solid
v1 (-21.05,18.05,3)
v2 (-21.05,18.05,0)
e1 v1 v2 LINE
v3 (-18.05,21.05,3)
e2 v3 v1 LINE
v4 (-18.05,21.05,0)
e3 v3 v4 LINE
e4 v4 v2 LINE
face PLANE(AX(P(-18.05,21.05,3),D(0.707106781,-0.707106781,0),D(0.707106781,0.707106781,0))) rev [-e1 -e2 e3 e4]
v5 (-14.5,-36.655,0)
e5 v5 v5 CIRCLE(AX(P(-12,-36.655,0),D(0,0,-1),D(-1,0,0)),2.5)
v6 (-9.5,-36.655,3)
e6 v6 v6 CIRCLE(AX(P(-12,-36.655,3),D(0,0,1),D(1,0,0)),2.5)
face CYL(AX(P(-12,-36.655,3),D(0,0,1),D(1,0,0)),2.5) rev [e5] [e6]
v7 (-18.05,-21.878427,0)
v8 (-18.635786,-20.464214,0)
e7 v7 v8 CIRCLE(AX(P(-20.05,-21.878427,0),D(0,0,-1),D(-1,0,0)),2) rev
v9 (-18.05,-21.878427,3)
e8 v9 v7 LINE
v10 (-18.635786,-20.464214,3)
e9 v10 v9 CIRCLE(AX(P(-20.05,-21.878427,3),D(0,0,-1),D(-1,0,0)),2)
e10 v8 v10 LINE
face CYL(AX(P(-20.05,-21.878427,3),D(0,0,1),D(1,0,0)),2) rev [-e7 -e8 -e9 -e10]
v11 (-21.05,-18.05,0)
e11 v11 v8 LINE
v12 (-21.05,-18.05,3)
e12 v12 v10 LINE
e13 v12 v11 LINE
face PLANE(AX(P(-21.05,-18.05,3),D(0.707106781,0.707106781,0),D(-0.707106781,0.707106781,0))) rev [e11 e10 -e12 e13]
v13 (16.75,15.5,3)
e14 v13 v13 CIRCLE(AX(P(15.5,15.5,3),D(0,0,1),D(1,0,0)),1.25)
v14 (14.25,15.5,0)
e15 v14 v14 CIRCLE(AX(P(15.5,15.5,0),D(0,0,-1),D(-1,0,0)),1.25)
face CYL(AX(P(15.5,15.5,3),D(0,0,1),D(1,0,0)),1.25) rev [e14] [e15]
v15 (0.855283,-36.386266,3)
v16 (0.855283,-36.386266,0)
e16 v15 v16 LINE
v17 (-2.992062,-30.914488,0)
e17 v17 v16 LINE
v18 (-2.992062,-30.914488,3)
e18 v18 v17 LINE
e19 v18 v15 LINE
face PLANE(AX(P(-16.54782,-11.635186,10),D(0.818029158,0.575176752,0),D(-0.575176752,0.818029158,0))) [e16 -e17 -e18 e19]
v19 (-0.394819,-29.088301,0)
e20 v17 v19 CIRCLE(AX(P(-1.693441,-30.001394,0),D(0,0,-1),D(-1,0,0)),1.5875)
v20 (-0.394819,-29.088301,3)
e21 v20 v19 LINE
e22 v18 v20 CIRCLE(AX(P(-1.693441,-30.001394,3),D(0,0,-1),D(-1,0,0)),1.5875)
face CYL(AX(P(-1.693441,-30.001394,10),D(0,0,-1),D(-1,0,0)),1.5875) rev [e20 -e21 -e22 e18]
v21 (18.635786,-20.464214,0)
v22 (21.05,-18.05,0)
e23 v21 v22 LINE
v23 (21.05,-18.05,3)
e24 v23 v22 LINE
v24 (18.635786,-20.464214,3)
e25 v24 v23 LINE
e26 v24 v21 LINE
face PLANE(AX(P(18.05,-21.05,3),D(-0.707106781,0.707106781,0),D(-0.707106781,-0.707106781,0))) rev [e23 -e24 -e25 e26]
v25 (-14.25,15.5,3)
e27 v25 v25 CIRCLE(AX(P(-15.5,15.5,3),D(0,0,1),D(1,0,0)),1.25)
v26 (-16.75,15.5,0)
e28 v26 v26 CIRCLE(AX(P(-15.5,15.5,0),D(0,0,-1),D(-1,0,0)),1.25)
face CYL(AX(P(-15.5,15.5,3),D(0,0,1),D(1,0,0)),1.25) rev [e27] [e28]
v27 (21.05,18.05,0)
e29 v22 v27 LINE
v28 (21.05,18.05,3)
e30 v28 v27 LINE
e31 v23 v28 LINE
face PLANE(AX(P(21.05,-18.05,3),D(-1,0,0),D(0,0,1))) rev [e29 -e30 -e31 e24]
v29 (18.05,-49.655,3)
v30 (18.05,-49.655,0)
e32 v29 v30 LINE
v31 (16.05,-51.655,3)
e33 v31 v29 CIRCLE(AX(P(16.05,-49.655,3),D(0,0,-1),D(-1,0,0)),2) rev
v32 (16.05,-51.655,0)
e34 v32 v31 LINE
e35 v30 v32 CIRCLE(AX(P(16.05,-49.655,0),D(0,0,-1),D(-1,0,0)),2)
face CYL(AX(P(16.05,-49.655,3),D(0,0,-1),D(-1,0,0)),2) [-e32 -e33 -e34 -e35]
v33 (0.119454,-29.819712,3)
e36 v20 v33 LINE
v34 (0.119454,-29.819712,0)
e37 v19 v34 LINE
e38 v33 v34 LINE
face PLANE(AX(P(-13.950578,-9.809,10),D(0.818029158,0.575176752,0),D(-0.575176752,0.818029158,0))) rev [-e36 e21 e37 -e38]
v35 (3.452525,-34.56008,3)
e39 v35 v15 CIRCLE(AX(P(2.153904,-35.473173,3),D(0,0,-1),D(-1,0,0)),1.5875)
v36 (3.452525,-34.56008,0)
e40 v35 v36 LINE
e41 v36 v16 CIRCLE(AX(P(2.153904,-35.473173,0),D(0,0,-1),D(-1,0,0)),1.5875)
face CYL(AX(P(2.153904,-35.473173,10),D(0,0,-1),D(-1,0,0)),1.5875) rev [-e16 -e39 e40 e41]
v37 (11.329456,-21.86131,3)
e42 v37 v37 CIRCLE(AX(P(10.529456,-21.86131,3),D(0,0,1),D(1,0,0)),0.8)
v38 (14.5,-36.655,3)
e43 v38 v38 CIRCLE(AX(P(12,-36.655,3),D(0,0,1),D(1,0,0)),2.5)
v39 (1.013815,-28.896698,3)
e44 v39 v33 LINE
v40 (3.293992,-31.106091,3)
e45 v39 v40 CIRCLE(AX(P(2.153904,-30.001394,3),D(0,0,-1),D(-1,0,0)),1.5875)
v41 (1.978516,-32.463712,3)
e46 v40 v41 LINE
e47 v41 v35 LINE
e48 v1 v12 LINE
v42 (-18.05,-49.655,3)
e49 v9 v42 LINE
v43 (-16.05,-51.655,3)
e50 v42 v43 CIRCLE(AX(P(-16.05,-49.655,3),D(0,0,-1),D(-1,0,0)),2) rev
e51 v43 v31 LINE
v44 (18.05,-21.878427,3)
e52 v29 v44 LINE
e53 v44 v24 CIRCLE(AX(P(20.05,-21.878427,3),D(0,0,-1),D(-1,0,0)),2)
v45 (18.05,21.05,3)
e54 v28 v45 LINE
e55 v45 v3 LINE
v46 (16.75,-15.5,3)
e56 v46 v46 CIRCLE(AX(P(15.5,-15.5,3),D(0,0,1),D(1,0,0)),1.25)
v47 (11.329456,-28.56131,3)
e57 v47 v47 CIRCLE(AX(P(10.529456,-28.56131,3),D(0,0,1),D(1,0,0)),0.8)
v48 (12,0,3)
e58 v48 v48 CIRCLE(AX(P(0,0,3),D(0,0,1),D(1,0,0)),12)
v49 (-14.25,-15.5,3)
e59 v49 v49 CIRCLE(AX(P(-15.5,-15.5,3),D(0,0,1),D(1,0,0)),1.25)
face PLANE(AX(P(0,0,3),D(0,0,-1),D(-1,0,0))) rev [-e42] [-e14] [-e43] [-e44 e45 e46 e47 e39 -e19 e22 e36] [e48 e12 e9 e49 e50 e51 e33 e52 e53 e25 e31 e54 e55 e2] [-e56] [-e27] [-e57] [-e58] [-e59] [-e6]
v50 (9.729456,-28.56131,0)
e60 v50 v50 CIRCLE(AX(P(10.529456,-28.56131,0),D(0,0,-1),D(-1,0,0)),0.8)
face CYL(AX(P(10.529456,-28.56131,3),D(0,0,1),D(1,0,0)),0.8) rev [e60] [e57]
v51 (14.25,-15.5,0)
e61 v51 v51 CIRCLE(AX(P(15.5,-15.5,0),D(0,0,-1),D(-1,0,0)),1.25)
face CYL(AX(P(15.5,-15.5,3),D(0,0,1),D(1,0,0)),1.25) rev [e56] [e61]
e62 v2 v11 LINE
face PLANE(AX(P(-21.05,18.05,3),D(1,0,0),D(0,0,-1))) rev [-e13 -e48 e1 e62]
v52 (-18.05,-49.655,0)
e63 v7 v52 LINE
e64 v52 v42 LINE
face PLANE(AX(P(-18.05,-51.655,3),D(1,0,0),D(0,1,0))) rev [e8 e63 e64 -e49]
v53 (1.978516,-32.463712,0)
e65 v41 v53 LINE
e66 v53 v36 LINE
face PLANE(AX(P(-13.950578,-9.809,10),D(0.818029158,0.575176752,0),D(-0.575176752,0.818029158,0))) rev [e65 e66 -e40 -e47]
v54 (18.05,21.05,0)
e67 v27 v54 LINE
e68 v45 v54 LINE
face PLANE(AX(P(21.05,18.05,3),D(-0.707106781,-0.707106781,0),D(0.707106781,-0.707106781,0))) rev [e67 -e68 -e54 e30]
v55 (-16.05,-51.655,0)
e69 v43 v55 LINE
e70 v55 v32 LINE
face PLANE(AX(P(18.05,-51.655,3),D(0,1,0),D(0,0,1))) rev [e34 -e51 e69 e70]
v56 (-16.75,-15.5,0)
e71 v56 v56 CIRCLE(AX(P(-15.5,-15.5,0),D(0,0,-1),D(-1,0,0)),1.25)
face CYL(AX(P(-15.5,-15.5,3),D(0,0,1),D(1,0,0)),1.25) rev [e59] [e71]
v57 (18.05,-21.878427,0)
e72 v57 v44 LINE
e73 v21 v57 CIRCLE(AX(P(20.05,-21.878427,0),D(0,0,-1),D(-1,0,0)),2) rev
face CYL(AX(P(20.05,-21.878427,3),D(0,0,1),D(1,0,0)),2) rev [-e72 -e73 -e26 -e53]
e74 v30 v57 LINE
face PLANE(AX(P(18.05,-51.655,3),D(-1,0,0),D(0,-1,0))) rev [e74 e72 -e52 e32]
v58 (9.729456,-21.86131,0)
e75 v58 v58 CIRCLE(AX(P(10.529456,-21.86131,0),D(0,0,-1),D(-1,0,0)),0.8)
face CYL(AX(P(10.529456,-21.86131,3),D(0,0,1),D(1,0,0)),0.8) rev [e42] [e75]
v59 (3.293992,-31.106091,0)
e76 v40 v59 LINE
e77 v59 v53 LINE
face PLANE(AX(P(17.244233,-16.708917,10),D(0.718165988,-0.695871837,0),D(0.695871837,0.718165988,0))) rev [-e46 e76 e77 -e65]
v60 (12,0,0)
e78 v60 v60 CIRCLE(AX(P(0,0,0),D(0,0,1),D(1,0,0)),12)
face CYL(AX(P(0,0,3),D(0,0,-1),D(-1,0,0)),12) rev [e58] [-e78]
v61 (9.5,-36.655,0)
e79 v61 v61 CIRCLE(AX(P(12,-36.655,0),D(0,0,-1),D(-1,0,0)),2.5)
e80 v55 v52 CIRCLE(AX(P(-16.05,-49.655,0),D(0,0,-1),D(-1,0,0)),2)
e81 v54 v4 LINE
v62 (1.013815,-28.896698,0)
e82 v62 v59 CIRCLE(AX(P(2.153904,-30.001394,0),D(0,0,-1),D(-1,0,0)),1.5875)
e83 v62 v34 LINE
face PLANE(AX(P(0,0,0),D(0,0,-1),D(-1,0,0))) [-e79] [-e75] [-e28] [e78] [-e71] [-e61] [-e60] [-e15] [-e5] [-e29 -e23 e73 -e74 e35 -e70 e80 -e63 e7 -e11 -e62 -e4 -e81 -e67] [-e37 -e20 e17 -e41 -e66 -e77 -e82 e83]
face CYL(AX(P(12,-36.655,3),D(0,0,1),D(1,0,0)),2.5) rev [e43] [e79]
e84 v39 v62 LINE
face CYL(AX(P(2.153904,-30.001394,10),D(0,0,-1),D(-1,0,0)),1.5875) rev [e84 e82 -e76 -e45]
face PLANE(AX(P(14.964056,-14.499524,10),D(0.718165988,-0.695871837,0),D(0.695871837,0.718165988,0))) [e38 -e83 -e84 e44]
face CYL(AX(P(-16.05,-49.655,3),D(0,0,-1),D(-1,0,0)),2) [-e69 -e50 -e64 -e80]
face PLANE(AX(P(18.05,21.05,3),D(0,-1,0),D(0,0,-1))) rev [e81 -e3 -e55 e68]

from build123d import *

# Parameters (mm, degrees)
SKETCH1_R                   = 12
BOSS_EXTRUDE1_DEPTH         = 3
TAP_DRILL_FOR_M3_TAP1_D     = 2.5
TAP_DRILL_FOR_M3_TAP1_DEPTH = 5
TAP_DRILL_FOR_M3_TAP1_TIP   = 0.751075774
TAP_DRILL_FOR_M6_TAP1_D     = 5
TAP_DRILL_FOR_M6_TAP1_DEPTH = 5
TAP_DRILL_FOR_M6_TAP1_TIP   = 1.502151548
FILLET1_R                   = 2
TAP_DRILL_FOR_M2_TAP1_D     = 1.6
TAP_DRILL_FOR_M2_TAP1_DEPTH = 5
TAP_DRILL_FOR_M2_TAP1_TIP   = 0.480688495
CUT_EXTRUDE1_DEPTH          = 10


with BuildPart() as part:
    # Sketch1 → Boss-Extrude1 (new body)
    with BuildSketch(Plane.XY):
        Polygon((18.05, -51.655), (18.05, -21.05), (21.05, -18.05), (21.05, 18.05), (18.05, 21.05), (-18.05, 21.05), (-21.05, 18.05), (-21.05, -18.05), (-18.05, -21.05), (-18.05, -51.655), align=None)
        Circle(SKETCH1_R, mode=Mode.SUBTRACT)
    extrude(amount=BOSS_EXTRUDE1_DEPTH)

    # Tap Drill for M3 Tap1
    with Locations(Plane.XY.offset(3)):
        with Locations((-15.5, 15.5), (15.5, 15.5), (-15.5, -15.5), (15.5, -15.5)):
            Hole(TAP_DRILL_FOR_M3_TAP1_D / 2, depth=TAP_DRILL_FOR_M3_TAP1_DEPTH)
            with Locations((0, 0, -(TAP_DRILL_FOR_M3_TAP1_DEPTH + TAP_DRILL_FOR_M3_TAP1_TIP / 2))):  # 118° drill point
                Cone(0, TAP_DRILL_FOR_M3_TAP1_D / 2, TAP_DRILL_FOR_M3_TAP1_TIP, mode=Mode.SUBTRACT)

    # Tap Drill for M6 Tap1
    with Locations(Plane.XY.offset(3)):
        with Locations((-12, -36.655), (12, -36.655)):
            Hole(TAP_DRILL_FOR_M6_TAP1_D / 2, depth=TAP_DRILL_FOR_M6_TAP1_DEPTH)
            with Locations((0, 0, -(TAP_DRILL_FOR_M6_TAP1_DEPTH + TAP_DRILL_FOR_M6_TAP1_TIP / 2))):  # 118° drill point
                Cone(0, TAP_DRILL_FOR_M6_TAP1_D / 2, TAP_DRILL_FOR_M6_TAP1_TIP, mode=Mode.SUBTRACT)

    # Fillet1
    fillet1_edges = [part.edges().sort_by_distance(p)[0] for p in [
        (18.05, -21.05, 1.5),
        (18.05, -51.655, 1.5),
        (-18.05, -51.655, 1.5),
        (-18.05, -21.05, 1.5),
    ]]
    fillet(fillet1_edges, radius=FILLET1_R)

    # Tap Drill for M2 Tap1
    with Locations(Plane.XY.offset(3)):
        with Locations((10.52945603, -21.86131015), (10.52945603, -28.56131015)):
            Hole(TAP_DRILL_FOR_M2_TAP1_D / 2, depth=TAP_DRILL_FOR_M2_TAP1_DEPTH)
            with Locations((0, 0, -(TAP_DRILL_FOR_M2_TAP1_DEPTH + TAP_DRILL_FOR_M2_TAP1_TIP / 2))):  # 118° drill point
                Cone(0, TAP_DRILL_FOR_M2_TAP1_D / 2, TAP_DRILL_FOR_M2_TAP1_TIP, mode=Mode.SUBTRACT)

    # Sketch8 → Cut-Extrude1 (cut)
    with BuildSketch(Plane(origin=(0, 0, 0), x_dir=(-1, 0, 0), z_dir=(0, 0, -1))):
        with BuildLine():
            Line((-0.855282685, -36.386266358), (2.992061815, -30.914487513))
            ThreePointArc((2.992061815, -30.914487513), (2.60653362, -28.702773131), (0.394819237, -29.088301326))
            Line((0.394819237, -29.088301326), (-0.119454204, -29.819712442))
            Line((-0.119454204, -29.819712442), (-1.013815468, -28.896697877))
            ThreePointArc((-1.013815468, -28.896697877), (-3.258600516, -28.861305914), (-3.293992479, -31.106090962))
            Line((-3.293992479, -31.106090962), (-1.978516355, -32.463711947))
            Line((-1.978516355, -32.463711947), (-3.452525263, -34.56008017))
            ThreePointArc((-3.452525263, -34.56008017), (-3.066997067, -36.771794553), (-0.855282685, -36.386266358))
        make_face()
    extrude(amount=-CUT_EXTRUDE1_DEPTH, mode=Mode.SUBTRACT)


solid = part.part
